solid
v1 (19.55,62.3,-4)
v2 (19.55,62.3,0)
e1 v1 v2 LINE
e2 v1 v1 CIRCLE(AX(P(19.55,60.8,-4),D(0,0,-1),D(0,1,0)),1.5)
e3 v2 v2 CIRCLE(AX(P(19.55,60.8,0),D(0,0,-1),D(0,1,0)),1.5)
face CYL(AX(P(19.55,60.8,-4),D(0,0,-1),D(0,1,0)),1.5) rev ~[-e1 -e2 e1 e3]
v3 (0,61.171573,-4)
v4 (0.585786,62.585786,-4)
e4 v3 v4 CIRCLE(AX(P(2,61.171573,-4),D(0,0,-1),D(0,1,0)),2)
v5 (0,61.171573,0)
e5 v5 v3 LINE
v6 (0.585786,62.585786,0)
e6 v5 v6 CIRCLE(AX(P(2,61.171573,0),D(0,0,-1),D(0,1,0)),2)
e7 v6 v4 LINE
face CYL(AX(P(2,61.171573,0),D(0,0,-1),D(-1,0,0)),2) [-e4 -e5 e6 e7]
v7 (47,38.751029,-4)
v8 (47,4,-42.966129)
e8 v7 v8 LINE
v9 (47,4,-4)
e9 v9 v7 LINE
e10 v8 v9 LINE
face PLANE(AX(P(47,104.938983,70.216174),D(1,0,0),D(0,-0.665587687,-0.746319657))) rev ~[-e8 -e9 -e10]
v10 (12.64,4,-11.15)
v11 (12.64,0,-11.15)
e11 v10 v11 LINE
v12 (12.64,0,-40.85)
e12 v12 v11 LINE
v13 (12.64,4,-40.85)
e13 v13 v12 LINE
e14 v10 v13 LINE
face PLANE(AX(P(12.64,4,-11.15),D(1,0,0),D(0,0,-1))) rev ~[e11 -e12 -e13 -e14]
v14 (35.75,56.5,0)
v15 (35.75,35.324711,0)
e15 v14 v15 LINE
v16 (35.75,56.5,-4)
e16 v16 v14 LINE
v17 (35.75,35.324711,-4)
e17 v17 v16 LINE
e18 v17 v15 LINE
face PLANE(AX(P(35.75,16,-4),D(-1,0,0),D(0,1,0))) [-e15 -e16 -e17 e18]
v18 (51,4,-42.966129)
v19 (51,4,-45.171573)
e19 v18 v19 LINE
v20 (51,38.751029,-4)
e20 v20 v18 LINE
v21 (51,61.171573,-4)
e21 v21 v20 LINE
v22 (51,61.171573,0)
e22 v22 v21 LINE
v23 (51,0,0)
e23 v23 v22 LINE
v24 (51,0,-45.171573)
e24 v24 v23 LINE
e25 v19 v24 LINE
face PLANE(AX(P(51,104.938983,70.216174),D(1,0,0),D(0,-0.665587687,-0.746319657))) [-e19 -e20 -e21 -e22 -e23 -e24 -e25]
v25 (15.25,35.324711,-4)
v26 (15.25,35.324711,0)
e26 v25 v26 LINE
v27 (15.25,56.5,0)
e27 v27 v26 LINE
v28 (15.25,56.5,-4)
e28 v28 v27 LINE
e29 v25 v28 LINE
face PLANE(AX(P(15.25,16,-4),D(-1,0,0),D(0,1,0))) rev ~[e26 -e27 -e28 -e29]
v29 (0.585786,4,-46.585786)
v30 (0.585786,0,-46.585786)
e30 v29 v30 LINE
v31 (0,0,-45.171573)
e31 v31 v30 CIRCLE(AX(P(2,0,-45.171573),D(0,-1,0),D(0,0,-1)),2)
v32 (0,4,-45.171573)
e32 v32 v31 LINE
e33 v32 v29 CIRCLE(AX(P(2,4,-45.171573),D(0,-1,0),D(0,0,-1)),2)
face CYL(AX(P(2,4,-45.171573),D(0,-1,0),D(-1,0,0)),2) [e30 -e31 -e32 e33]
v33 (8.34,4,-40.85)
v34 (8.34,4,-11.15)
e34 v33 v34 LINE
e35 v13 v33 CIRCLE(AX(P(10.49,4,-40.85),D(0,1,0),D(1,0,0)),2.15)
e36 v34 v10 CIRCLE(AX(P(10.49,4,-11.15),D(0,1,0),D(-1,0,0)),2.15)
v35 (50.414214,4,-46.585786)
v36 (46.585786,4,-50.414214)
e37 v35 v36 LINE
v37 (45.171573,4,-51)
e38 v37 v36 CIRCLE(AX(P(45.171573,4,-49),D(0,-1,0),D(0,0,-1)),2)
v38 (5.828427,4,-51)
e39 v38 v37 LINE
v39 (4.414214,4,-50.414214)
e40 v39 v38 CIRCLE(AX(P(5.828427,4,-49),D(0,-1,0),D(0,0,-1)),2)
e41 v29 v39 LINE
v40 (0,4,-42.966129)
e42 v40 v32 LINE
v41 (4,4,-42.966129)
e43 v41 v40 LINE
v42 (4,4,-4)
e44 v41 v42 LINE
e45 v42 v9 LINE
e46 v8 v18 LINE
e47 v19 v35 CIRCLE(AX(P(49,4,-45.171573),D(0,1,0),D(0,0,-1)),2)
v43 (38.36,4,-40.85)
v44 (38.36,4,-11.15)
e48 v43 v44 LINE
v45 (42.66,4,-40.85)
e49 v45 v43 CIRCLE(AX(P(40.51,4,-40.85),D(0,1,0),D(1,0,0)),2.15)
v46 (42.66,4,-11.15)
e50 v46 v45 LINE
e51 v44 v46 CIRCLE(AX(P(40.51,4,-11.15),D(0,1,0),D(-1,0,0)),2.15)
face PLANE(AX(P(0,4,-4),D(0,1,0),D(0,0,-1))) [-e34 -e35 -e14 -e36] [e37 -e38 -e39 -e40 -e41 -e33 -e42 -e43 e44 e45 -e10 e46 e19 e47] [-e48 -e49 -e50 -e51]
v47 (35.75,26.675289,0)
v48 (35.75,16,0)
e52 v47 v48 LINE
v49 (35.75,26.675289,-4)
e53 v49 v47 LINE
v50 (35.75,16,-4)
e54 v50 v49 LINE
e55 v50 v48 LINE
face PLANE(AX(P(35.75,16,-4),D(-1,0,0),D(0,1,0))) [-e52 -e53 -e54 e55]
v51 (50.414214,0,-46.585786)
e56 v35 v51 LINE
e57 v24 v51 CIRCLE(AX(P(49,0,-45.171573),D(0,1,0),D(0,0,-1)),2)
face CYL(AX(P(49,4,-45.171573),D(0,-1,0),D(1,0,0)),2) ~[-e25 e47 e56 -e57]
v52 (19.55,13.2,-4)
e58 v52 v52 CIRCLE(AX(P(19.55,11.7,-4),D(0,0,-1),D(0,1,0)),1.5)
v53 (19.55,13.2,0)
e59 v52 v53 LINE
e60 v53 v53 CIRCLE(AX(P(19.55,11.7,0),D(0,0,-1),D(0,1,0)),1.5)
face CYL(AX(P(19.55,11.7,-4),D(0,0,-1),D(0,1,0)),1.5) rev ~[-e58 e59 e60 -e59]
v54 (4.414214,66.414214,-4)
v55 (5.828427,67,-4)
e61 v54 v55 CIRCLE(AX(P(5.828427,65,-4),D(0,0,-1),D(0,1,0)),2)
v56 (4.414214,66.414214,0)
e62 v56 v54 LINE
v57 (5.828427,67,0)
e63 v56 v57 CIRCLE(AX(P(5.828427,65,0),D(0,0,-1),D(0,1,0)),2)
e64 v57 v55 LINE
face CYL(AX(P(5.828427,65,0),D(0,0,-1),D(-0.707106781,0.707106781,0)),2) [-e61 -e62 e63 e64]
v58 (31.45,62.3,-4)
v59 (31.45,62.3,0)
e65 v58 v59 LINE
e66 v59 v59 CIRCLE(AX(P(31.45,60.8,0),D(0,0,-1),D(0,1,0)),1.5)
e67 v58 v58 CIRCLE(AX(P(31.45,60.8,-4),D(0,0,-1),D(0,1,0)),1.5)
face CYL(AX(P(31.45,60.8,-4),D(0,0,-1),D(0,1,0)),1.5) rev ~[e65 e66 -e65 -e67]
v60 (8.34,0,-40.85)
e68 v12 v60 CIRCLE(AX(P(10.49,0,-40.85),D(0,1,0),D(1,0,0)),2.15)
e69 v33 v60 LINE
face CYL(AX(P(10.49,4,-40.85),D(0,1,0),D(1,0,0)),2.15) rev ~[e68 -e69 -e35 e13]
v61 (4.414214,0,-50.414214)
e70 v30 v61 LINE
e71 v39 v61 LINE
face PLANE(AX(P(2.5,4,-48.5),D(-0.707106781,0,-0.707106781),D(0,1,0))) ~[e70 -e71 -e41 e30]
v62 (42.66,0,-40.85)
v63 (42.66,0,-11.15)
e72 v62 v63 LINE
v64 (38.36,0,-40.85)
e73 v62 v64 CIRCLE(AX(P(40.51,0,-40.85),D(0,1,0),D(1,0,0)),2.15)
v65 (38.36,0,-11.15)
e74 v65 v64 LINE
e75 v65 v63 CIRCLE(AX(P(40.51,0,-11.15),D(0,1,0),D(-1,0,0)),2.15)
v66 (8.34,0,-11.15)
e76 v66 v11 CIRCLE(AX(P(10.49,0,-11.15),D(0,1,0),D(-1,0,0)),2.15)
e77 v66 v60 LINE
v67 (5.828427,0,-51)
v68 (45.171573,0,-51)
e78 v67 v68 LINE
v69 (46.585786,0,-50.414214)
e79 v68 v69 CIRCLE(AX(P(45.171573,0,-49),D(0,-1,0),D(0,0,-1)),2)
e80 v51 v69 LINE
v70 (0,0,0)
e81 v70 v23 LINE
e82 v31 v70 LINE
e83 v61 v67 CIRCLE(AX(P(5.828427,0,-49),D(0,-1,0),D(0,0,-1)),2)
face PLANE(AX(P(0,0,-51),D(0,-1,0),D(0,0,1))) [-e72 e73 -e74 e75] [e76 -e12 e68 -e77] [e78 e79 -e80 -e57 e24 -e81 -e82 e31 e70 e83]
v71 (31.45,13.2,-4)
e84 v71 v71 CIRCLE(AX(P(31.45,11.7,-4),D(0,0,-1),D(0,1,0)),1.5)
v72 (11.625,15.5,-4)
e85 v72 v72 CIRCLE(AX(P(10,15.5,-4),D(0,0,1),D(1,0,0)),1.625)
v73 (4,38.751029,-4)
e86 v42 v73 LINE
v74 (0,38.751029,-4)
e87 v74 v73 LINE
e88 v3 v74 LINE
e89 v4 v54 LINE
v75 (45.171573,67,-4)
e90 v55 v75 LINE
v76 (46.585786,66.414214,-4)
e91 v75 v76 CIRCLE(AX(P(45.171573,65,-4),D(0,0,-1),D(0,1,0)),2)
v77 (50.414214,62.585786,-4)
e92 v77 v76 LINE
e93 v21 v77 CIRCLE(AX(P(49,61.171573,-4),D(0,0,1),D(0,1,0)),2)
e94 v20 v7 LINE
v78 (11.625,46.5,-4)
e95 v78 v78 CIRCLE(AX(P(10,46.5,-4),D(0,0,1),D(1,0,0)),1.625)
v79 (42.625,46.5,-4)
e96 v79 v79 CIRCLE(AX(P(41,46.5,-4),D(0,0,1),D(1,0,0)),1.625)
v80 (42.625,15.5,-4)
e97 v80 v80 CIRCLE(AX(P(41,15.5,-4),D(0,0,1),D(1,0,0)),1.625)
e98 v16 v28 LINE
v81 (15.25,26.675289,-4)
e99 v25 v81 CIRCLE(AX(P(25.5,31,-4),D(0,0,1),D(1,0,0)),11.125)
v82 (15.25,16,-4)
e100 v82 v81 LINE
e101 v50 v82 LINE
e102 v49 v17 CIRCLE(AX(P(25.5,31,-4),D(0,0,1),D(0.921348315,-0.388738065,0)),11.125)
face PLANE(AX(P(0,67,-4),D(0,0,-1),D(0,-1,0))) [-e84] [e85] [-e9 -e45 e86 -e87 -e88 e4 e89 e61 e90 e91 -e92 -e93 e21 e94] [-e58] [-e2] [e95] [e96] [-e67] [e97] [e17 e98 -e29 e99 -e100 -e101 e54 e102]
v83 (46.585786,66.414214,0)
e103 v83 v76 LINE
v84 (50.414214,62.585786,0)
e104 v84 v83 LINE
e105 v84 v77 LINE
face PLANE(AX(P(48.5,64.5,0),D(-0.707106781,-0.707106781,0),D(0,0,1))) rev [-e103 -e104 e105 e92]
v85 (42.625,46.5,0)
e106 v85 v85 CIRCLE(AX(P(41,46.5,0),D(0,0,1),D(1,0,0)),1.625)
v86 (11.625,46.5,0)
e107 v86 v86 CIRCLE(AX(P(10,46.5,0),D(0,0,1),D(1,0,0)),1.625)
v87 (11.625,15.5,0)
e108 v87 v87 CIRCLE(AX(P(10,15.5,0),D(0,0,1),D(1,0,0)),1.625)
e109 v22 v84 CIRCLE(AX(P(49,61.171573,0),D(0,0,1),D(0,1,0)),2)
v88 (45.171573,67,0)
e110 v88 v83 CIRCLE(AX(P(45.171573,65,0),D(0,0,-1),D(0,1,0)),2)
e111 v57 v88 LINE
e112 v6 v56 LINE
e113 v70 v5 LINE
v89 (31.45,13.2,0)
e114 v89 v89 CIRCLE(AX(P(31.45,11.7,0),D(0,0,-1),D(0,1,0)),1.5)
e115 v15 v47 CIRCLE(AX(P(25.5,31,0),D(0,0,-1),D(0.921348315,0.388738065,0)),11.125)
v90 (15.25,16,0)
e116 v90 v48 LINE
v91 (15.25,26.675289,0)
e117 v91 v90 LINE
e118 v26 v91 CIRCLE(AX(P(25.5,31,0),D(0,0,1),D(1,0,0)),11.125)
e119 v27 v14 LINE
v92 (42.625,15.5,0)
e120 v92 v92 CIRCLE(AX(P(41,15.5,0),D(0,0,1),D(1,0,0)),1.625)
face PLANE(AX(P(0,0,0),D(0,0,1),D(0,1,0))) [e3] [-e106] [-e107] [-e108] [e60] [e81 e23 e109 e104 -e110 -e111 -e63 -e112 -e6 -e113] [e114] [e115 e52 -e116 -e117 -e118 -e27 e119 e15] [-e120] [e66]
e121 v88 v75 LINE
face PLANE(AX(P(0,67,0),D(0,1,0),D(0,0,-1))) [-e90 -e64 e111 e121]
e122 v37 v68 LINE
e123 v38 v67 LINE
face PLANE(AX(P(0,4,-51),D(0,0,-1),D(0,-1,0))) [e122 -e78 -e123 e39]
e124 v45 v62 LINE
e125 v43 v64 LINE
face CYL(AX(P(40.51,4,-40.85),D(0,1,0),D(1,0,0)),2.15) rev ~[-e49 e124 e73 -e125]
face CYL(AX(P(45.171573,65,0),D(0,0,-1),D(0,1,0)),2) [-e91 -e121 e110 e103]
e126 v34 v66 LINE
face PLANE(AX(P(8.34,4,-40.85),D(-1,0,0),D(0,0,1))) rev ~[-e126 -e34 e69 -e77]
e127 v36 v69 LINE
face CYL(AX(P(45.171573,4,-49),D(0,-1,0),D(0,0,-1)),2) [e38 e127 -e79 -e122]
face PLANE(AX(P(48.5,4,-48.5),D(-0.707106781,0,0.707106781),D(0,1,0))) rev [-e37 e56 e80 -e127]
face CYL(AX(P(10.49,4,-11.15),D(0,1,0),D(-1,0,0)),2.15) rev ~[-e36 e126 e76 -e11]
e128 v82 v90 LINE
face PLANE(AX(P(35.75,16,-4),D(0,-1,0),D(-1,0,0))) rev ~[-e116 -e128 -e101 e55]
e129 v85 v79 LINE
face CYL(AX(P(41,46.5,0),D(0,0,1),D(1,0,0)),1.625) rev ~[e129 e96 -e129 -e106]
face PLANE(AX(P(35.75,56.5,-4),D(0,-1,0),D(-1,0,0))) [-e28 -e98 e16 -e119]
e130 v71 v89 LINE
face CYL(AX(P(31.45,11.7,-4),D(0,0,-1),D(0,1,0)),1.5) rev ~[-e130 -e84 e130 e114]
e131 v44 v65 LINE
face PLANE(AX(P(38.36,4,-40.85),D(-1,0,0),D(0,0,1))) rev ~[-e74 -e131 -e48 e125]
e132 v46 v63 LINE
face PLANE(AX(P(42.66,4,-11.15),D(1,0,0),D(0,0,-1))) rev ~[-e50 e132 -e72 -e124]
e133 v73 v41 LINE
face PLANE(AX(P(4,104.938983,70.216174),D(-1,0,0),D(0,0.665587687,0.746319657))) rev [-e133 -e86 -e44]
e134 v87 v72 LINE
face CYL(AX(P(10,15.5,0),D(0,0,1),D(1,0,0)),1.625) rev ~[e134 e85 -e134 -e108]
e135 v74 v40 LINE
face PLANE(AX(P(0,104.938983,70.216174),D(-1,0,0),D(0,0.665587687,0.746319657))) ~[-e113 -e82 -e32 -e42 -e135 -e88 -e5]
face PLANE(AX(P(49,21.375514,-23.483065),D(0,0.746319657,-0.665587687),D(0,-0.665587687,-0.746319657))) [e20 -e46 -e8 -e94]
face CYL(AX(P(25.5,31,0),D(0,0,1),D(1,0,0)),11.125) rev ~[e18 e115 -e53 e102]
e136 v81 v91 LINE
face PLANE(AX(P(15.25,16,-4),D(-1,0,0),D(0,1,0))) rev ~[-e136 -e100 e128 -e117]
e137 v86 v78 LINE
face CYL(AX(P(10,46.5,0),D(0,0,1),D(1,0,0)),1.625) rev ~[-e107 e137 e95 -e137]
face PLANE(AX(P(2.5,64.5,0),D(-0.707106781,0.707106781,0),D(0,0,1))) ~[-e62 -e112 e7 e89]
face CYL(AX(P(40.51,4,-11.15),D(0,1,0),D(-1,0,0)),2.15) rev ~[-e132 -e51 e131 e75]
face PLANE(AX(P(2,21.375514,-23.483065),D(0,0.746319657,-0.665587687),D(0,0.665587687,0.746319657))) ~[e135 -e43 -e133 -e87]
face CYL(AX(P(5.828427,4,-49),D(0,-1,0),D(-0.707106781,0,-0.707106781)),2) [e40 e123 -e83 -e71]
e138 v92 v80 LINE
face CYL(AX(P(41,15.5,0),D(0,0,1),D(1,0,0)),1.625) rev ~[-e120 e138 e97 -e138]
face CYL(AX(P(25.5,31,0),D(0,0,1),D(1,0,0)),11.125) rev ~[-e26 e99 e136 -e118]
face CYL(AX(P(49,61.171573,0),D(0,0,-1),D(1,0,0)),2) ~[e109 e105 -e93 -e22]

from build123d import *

# Parameters (mm, degrees)
BOSS_EXTRUDE1_DEPTH = 51
CUT_EXTRUDE2_DEPTH  = 51
SKETCH4_R           = 1.625
CUT_EXTRUDE3_DEPTH  = 51
CHAMFER1_SIZE       = 5
FILLET1_R           = 2
SKETCH5_W           = 20.5
SKETCH5_H           = 40.5
CUT_EXTRUDE4_DEPTH  = 10
RIB1_REACH          = 100.443
SKETCH6_WALL_W      = 251.096798658
SKETCH6_WALL_H      = 4
SKETCH7_R           = 1.5
CUT_EXTRUDE5_DEPTH  = 10
SKETCH2_R           = 11.125
CUT_EXTRUDE6_DEPTH  = 10


with BuildPart() as part:
    # Sketch1 → Boss-Extrude1 (new body)
    with BuildSketch(Plane(origin=(0, 0, 0), x_dir=(0, 0, -1), z_dir=(1, 0, 0))):
        Polygon((0, 0), (0, 67), (4, 67), (4, 4), (51, 4), (51, 0), align=None)
    extrude(amount=BOSS_EXTRUDE1_DEPTH)

    # Sketch3 → Cut-Extrude2 (cut)
    with BuildSketch(Plane(origin=(0, 4, 0), x_dir=(1, 0, 0), z_dir=(0, 1, 0))):
        with BuildLine():
            Line((8.34, 40.85), (8.34, 11.15))
            ThreePointArc((8.34, 11.15), (10.49, 9), (12.64, 11.15))
            Line((12.64, 11.15), (12.64, 40.85))
            ThreePointArc((12.64, 40.85), (10.49, 43), (8.34, 40.85))
        make_face()
        with BuildLine():
            Line((38.36, 40.85), (38.36, 11.15))
            ThreePointArc((38.36, 11.15), (40.51, 9), (42.66, 11.15))
            Line((42.66, 11.15), (42.66, 40.85))
            ThreePointArc((42.66, 40.85), (40.51, 43), (38.36, 40.85))
        make_face()
    extrude(amount=-CUT_EXTRUDE2_DEPTH, mode=Mode.SUBTRACT)

    # Sketch4 → Cut-Extrude3 (cut)
    with BuildSketch(Plane.XY):
        with Locations((10, 46.5)):
            Circle(SKETCH4_R)
        with Locations((41, 46.5)):
            Circle(SKETCH4_R)
        with Locations((41, 15.5)):
            Circle(SKETCH4_R)
        with Locations((10, 15.5)):
            Circle(SKETCH4_R)
    extrude(amount=-CUT_EXTRUDE3_DEPTH, mode=Mode.SUBTRACT)

    # Chamfer1
    chamfer1_edges = [part.edges().sort_by_distance(p)[0] for p in [
        (51, 67, -2),
        (0, 67, -2),
        (0, 2, -51),
        (51, 2, -51),
    ]]
    chamfer(chamfer1_edges, length=CHAMFER1_SIZE)

    # Fillet1
    fillet1_edges = [part.edges().sort_by_distance(p)[0] for p in [
        (46, 2, -51),
        (5, 2, -51),
        (0, 62, -2),
        (0, 2, -46),
        (51, 62, -2),
        (51, 2, -46),
        (5, 67, -2),
        (46, 67, -2),
    ]]
    fillet(fillet1_edges, radius=FILLET1_R)

    # Sketch5 → Cut-Extrude4 (cut)
    with BuildSketch(Plane(origin=(0, 0, -4), x_dir=(-1, 0, 0), z_dir=(0, 0, -1))):
        with Locations((-25.5, 36.25)):
            Rectangle(SKETCH5_W, SKETCH5_H)
    extrude(amount=-CUT_EXTRUDE4_DEPTH, mode=Mode.SUBTRACT)

    # Sketch6 wall → Rib1 (add, up to next)
    with BuildSketch(Plane(origin=(51, 21.375514331, -23.483064602), x_dir=(0, -0.665587686923, -0.746319657397), z_dir=(0, 0.746319657397, -0.665587686923)), mode=Mode.PRIVATE) as rib1_sk1:
        with Locations((0, 2)):
            Rectangle(SKETCH6_WALL_W, SKETCH6_WALL_H)
    rib1_tool1 = extrude(rib1_sk1.sketch, amount=-RIB1_REACH, mode=Mode.PRIVATE) - part.part
    rib1 = rib1_tool1.solids().sort_by_distance((51, 21.375514331, -23.483064602))[0]
    add(rib1)

    # Mirror1: Rib1 across plane
    add(rib1.mirror(Plane.ZY.offset(-25.5)))

    # Sketch7 → Cut-Extrude5 (cut)
    with BuildSketch(Plane(origin=(0, 0, -4), x_dir=(-1, 0, 0), z_dir=(0, 0, -1))):
        with Locations(Location((-31.45, 60.8, 0), (0, 0, 90))):
            Circle(SKETCH7_R)
        with Locations(Location((-19.55, 60.8, 0), (0, 0, 90))):
            Circle(SKETCH7_R)
        with Locations(Location((-31.45, 11.7, 0), (0, 0, 90))):
            Circle(SKETCH7_R)
        with Locations(Location((-19.55, 11.7, 0), (0, 0, 90))):
            Circle(SKETCH7_R)
    extrude(amount=-CUT_EXTRUDE5_DEPTH, mode=Mode.SUBTRACT)

    # Sketch2 → Cut-Extrude6 (cut)
    with BuildSketch(Plane.XY):
        with Locations((25.5, 31)):
            Circle(SKETCH2_R)
    extrude(amount=-CUT_EXTRUDE6_DEPTH, mode=Mode.SUBTRACT)


solid = part.part
